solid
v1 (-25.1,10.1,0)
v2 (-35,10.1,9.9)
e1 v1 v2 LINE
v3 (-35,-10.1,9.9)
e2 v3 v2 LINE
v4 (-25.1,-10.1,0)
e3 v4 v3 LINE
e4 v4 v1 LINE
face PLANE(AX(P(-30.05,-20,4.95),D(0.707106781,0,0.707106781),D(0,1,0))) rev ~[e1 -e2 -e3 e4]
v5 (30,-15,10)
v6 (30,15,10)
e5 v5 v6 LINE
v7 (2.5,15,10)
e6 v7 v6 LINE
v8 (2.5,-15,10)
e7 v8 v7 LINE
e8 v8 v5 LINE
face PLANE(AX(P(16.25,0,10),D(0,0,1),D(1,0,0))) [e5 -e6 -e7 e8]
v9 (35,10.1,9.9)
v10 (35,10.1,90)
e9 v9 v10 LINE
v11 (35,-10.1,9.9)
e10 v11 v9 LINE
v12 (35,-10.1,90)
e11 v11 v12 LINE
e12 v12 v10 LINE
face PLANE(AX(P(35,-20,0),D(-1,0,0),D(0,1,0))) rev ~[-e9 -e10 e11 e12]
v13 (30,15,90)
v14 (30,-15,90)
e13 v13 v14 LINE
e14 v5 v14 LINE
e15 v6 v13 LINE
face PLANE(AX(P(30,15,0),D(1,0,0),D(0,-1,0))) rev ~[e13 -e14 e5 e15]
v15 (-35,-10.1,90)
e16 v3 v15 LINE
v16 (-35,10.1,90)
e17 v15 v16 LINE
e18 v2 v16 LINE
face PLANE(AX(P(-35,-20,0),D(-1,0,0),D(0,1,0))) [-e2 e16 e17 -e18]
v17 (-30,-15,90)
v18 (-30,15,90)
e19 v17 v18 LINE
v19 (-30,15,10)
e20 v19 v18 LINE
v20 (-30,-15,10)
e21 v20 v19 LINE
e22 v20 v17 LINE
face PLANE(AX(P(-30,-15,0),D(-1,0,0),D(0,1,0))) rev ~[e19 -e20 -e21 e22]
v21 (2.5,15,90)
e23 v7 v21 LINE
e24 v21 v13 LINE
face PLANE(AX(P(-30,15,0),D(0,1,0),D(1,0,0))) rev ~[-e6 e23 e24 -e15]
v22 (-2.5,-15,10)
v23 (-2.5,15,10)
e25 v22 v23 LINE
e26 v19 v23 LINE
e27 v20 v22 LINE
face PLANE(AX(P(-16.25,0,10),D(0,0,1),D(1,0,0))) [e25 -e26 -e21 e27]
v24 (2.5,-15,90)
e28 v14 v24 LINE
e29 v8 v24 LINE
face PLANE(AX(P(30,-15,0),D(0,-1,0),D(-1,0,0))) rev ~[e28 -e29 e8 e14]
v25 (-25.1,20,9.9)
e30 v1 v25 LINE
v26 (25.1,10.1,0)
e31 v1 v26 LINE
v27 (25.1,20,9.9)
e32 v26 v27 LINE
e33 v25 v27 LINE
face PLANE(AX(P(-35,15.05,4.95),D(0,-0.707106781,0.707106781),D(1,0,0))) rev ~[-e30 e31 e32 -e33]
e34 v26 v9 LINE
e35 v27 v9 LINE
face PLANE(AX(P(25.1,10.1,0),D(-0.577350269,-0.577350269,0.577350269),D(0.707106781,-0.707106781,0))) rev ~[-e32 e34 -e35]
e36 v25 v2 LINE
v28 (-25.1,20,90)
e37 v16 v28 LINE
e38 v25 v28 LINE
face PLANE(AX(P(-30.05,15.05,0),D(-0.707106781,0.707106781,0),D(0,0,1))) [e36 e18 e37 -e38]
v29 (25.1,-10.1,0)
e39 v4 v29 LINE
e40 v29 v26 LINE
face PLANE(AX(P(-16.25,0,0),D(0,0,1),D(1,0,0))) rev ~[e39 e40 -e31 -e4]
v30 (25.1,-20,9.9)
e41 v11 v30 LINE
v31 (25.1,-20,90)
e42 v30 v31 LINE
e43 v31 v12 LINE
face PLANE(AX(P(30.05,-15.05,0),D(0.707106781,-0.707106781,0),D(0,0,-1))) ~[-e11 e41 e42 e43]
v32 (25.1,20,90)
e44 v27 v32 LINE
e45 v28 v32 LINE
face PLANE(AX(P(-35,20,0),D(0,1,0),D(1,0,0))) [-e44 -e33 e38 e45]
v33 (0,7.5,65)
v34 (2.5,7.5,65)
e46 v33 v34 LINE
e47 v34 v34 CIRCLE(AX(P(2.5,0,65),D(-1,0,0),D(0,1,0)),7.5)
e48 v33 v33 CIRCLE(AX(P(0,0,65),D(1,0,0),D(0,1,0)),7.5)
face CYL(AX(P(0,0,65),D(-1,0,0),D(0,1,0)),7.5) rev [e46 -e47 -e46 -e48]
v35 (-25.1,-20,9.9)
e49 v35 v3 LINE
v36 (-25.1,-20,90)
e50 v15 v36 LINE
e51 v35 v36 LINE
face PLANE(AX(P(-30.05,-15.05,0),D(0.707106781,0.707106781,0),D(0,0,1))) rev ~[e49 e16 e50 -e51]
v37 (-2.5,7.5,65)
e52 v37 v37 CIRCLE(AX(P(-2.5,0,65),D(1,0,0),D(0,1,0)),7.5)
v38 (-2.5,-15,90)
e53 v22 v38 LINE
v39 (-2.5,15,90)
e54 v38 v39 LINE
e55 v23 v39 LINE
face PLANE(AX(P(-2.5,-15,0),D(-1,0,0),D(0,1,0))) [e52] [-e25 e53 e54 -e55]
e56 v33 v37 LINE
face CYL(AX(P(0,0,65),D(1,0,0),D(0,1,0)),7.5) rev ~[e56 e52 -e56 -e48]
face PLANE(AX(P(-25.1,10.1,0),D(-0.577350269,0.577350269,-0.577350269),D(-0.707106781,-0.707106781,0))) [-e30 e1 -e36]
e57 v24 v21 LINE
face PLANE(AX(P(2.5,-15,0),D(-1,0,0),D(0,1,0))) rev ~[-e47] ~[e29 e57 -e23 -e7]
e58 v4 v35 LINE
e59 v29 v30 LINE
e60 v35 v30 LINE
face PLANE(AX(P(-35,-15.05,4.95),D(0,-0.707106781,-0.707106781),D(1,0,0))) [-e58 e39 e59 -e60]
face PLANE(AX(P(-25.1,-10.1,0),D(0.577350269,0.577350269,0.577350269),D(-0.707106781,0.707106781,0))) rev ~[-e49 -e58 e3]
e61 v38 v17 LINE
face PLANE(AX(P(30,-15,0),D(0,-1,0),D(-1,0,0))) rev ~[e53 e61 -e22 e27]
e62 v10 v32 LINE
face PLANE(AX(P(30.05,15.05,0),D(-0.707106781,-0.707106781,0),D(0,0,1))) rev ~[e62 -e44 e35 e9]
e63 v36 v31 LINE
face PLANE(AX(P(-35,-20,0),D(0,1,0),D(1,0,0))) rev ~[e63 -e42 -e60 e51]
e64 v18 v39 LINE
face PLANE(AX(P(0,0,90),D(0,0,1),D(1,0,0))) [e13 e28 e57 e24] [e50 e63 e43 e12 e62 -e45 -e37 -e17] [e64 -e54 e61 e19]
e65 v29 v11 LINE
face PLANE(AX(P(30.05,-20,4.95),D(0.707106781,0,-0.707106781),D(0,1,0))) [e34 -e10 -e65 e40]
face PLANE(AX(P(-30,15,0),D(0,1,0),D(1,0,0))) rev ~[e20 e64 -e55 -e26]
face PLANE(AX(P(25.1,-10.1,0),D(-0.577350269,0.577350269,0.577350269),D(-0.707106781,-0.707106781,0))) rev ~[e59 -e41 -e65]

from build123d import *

# Parameters (mm, degrees)
F0_W          = 5
F0_H          = 30
F2_DEPTH      = 90
F0_W_2        = 70
F0_H_2        = 40
F3_DEPTH      = 90
F0_W_3        = 27.5
F4_DEPTH      = 10
F1_R          = 7.5
F5_DEPTH      = 15
F5_DEPTH_BACK = 25
F6_SIZE       = 9.9


with BuildPart() as f2:
    # F0 (on Top) → F2 (new body)
    with BuildSketch(Plane.XY):
        Rectangle(F0_W, F0_H)
    extrude(amount=F2_DEPTH)

    # F0 (on Top) → F3 (join)
    with BuildSketch(Plane.XY):
        Rectangle(F0_W_2, F0_H_2)
        Polygon((-30, -15), (-30, 15), (-2.5, 15), (2.5, 15), (30, 15), (30, -15), (2.5, -15), (-2.5, -15), align=None, mode=Mode.SUBTRACT)
    extrude(amount=F3_DEPTH)

    # F0 (on Top) → F4 (join)
    with BuildSketch(Plane.XY):
        with Locations((-16.25, 0)):
            Rectangle(F0_W_3, F0_H)
        with Locations((16.25, 0)):
            Rectangle(F0_W_3, F0_H)
    extrude(amount=F4_DEPTH)

    # F1 (on Right) → F5 (cut, two sides)
    with BuildSketch(Plane.YZ) as f5_sk:
        with Locations((0, 65)):
            Circle(F1_R)
    extrude(amount=F5_DEPTH, mode=Mode.SUBTRACT)
    extrude(f5_sk.sketch, amount=-F5_DEPTH_BACK, mode=Mode.SUBTRACT)

    # F6
    f6_edges = [f2.edges().sort_by_distance(p)[0] for p in [
        (35, -20, 45),
        (35, 20, 45),
        (-35, 20, 45),
        (-35, -20, 45),
        (0, 20, 0),
        (35, 0, 0),
        (0, -20, 0),
        (-35, 0, 0),
    ]]
    chamfer(f6_edges, length=F6_SIZE)


solid = f2.part
